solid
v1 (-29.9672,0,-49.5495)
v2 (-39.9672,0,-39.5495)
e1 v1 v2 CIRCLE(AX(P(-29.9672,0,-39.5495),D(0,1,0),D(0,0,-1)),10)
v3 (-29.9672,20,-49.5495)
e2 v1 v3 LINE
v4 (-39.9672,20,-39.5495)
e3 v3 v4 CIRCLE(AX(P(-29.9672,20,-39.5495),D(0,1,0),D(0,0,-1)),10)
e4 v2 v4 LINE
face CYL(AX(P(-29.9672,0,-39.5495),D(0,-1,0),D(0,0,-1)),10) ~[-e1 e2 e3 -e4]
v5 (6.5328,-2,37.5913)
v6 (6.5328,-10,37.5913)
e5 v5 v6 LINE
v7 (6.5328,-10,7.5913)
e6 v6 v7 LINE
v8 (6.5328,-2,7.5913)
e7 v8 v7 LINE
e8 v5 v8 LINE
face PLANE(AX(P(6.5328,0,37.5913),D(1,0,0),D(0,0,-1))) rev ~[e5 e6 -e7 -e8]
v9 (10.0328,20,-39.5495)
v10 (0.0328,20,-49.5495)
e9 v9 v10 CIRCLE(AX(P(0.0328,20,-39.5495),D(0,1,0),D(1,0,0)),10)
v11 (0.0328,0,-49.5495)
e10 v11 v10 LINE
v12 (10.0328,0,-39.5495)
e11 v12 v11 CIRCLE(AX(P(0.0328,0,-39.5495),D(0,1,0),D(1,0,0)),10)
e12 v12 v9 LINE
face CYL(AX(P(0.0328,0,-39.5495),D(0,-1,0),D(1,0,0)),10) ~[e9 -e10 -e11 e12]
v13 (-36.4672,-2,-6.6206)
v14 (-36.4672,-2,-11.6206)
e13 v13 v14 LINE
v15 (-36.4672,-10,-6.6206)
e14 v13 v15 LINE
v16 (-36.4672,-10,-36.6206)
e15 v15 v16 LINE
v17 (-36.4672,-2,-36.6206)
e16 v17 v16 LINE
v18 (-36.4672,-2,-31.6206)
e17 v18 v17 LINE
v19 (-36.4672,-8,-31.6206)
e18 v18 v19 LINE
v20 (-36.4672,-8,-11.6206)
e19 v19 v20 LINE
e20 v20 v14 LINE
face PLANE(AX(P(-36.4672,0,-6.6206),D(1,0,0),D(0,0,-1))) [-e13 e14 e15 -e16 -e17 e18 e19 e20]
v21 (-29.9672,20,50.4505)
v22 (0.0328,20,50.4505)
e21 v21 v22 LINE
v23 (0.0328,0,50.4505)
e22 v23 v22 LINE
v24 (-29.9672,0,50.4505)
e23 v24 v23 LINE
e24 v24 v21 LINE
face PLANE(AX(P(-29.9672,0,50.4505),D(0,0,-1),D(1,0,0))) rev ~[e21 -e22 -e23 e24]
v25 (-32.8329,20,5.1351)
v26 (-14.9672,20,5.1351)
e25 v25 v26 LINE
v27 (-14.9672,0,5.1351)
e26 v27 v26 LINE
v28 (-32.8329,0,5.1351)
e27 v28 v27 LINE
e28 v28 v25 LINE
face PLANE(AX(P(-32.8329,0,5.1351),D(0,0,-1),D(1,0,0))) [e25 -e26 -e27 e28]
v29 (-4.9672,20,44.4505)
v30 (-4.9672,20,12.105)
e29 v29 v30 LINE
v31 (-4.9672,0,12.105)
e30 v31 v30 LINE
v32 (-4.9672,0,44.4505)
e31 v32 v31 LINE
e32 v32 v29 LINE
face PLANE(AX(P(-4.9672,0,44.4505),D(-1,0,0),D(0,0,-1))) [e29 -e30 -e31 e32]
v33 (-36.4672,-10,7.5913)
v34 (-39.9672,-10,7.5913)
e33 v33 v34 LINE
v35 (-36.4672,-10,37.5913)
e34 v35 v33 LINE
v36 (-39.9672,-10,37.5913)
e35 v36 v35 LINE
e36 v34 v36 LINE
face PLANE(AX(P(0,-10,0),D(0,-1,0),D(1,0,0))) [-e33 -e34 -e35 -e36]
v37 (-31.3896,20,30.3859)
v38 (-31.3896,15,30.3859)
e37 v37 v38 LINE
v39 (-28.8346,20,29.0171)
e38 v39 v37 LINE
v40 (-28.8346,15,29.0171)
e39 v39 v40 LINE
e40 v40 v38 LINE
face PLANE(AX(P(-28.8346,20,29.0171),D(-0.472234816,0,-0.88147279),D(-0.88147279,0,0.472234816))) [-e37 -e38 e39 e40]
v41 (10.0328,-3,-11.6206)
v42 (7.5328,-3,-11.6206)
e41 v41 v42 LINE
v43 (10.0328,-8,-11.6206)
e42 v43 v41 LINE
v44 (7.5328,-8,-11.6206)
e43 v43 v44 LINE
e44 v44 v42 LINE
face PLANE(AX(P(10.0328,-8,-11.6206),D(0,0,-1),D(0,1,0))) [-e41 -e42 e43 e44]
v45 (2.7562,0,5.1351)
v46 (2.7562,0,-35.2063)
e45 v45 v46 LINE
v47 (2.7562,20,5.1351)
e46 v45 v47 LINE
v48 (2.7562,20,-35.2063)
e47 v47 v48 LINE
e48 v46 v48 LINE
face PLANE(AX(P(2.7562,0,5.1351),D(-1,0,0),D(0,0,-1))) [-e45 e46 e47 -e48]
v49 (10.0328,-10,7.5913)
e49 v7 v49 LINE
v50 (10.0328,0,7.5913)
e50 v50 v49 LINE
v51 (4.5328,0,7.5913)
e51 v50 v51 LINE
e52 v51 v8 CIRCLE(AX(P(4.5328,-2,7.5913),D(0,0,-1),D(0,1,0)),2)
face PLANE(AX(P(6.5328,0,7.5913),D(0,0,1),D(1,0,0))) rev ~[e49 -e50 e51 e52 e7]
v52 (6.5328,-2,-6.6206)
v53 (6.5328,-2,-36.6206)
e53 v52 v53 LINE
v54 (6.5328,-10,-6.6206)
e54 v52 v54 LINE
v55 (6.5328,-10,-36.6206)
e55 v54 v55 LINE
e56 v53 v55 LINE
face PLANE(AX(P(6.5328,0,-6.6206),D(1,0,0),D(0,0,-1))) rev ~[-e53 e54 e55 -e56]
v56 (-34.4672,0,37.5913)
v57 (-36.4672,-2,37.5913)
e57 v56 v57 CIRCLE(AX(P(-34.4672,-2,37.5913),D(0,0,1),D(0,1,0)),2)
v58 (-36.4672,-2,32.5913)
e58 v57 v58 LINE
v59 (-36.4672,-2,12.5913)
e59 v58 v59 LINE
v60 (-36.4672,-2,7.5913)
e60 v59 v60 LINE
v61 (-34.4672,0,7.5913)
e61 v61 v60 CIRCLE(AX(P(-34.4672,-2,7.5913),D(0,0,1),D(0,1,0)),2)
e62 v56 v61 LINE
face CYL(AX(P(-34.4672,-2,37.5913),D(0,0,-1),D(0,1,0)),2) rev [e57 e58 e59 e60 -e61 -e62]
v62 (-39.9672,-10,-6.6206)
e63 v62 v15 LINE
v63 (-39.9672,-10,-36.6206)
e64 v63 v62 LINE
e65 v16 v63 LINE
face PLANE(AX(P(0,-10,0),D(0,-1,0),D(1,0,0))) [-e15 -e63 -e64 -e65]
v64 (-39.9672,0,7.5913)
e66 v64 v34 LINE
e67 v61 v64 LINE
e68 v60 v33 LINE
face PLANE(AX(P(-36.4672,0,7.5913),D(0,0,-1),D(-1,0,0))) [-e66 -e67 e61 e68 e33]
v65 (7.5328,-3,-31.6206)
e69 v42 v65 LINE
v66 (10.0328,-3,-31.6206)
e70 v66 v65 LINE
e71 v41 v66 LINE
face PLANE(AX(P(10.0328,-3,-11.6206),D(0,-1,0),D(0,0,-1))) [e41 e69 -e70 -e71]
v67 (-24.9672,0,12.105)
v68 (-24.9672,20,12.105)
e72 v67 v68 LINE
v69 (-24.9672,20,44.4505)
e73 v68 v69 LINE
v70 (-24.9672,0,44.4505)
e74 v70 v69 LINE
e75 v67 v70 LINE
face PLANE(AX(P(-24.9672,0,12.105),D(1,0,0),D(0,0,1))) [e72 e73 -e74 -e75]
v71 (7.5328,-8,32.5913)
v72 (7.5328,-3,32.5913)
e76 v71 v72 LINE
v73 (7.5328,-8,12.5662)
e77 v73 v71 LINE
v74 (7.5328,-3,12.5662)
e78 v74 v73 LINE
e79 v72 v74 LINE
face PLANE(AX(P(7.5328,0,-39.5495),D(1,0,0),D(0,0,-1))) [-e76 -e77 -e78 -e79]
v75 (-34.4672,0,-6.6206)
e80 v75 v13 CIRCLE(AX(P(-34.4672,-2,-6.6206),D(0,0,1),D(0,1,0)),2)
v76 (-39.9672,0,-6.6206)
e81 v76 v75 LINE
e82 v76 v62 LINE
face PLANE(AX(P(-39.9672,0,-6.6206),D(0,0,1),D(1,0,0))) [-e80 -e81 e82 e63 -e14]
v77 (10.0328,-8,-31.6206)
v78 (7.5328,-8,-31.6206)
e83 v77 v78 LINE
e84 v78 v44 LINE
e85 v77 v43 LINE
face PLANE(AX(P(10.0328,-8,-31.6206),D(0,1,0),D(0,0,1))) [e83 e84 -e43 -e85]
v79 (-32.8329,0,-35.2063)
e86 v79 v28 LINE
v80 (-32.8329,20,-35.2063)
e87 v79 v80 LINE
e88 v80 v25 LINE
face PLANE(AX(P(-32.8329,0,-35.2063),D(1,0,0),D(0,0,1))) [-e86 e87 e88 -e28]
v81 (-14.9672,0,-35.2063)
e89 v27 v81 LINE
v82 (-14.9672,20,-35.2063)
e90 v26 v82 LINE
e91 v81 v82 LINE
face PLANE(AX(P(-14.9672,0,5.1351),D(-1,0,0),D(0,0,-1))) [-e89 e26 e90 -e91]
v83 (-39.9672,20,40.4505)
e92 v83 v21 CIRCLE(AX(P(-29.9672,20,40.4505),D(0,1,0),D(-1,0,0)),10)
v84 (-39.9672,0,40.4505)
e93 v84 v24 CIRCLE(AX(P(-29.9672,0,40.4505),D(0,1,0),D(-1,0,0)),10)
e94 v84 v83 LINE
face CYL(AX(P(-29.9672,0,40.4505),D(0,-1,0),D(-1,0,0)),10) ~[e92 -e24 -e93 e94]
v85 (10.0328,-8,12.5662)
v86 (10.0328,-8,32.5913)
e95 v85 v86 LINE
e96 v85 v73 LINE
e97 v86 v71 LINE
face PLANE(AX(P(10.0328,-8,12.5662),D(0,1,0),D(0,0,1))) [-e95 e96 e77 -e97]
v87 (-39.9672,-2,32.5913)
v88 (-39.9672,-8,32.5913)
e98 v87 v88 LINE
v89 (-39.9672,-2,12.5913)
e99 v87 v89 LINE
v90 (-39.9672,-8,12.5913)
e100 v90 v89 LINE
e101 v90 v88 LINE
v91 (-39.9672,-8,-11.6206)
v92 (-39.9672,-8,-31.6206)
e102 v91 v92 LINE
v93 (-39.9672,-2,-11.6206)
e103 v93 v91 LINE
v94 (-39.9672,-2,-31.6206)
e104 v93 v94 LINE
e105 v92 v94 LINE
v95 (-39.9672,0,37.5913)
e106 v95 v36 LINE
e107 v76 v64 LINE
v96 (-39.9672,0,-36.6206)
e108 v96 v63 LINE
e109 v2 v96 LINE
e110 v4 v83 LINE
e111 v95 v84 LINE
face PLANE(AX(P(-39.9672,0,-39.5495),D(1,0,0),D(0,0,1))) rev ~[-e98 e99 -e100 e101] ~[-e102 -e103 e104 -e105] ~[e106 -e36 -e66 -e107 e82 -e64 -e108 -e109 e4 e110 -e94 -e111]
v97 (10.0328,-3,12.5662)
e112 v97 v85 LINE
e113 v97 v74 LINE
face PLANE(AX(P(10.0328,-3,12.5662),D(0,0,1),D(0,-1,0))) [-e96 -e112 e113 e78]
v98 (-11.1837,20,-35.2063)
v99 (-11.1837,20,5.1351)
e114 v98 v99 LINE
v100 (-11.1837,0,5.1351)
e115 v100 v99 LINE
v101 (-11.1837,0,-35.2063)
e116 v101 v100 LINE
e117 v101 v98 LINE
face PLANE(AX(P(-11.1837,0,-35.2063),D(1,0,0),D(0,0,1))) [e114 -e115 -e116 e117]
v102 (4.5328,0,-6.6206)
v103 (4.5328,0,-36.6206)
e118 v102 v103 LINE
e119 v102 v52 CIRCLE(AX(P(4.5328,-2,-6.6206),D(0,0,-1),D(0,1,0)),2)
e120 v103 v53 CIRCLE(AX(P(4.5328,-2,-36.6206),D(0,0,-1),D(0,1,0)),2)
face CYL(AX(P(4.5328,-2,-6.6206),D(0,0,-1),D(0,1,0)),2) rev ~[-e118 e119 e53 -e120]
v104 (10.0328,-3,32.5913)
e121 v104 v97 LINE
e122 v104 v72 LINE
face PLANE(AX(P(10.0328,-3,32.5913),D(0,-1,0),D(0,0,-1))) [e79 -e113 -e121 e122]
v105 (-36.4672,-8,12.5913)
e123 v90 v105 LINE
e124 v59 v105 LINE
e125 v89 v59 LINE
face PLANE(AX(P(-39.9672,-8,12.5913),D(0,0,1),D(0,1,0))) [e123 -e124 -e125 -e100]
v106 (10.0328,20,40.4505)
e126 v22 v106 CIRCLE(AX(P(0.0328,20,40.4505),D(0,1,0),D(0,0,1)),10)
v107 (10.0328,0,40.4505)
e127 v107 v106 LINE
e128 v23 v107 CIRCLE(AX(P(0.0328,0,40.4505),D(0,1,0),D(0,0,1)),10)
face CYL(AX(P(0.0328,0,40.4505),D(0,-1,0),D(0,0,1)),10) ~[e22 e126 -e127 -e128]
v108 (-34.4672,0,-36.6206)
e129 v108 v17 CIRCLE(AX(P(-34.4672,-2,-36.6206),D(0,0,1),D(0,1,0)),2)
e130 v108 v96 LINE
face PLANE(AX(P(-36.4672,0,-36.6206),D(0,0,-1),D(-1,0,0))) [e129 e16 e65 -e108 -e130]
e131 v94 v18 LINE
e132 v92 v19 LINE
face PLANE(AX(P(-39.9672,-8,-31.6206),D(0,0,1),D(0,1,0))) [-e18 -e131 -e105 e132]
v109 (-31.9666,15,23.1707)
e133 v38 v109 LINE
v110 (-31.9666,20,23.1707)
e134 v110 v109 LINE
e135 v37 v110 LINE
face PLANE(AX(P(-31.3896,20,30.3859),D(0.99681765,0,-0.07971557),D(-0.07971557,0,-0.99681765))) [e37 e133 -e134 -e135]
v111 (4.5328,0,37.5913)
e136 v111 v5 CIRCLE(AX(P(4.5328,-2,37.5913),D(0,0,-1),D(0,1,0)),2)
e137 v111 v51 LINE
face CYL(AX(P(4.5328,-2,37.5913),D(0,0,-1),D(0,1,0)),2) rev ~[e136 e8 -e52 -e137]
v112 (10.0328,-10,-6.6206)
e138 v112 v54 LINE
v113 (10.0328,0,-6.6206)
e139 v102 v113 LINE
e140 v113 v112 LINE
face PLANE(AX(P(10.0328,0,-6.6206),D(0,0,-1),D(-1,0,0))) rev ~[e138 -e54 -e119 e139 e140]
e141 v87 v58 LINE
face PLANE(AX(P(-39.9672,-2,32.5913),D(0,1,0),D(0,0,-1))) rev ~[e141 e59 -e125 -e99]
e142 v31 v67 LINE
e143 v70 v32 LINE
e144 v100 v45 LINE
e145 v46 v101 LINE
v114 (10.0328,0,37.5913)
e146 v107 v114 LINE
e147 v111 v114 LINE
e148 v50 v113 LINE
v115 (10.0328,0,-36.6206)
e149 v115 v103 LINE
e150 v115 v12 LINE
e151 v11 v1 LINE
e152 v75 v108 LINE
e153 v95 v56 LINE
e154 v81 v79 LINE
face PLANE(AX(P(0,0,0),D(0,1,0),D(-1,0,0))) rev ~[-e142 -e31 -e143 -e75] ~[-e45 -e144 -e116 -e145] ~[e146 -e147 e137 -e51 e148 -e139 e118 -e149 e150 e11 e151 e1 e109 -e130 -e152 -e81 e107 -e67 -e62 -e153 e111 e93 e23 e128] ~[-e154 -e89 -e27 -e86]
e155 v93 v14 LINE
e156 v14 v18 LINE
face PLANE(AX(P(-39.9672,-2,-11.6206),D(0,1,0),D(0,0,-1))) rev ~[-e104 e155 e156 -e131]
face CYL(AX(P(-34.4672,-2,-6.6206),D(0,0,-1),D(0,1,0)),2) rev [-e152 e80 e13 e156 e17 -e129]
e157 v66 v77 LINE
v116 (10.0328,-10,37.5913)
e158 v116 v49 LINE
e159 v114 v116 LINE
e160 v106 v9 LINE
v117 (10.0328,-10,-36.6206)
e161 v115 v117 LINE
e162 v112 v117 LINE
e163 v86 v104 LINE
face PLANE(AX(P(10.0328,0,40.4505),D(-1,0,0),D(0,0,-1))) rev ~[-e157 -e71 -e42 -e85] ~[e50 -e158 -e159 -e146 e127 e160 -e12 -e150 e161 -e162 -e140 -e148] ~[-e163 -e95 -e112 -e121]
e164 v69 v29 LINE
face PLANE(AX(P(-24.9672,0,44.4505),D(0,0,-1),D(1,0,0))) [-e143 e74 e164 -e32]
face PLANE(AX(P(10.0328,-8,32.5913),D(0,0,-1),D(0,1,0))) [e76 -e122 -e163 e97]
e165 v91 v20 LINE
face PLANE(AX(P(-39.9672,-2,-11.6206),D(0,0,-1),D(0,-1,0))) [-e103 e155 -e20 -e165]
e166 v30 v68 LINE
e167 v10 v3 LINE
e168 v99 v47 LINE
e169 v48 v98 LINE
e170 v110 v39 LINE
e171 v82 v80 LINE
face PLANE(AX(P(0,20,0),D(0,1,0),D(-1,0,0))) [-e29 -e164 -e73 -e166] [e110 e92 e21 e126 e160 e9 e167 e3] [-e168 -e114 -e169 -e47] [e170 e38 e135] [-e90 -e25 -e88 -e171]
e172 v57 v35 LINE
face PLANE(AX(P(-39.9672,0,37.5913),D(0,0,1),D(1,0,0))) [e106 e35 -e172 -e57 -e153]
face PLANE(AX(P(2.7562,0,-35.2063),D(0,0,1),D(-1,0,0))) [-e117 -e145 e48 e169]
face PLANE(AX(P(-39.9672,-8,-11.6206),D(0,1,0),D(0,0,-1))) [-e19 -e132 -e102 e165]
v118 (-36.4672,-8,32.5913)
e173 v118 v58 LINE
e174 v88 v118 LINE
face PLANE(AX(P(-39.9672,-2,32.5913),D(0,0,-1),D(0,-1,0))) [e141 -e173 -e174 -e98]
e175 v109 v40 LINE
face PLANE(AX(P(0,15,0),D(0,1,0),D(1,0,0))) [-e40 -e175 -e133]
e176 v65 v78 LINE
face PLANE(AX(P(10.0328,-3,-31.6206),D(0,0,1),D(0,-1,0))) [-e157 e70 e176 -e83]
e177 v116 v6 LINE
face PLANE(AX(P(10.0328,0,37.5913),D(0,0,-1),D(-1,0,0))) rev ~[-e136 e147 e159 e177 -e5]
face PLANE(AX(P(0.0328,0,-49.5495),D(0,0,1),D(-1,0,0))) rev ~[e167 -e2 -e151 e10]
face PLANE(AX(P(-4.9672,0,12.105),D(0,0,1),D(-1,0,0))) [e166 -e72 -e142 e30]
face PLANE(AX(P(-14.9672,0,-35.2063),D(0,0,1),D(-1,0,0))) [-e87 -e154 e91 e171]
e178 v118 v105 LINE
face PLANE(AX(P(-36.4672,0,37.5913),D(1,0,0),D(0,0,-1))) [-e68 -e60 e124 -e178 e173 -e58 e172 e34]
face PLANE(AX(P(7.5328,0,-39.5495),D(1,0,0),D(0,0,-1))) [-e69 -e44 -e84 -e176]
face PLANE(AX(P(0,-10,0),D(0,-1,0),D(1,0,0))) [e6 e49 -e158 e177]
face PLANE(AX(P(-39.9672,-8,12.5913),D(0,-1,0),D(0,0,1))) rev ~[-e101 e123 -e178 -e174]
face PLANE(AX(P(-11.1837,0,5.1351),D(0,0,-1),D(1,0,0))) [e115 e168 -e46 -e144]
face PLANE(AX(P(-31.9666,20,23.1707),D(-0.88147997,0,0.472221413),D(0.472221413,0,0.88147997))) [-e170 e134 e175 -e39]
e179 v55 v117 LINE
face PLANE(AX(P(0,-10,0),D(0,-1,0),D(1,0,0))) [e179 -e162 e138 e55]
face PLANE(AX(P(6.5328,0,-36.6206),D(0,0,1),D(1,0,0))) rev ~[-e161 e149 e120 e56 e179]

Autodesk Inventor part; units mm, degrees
ref_plane "YZ Plane" through (0, 0, 0) normal (1, 0, 0) x (0, 1, 0)
ref_plane "XZ Plane" through (0, 0, 0) normal (0, 1, 0) x (-1, 0, 0)
ref_plane "XY Plane" through (0, 0, 0) normal (0, 0, 1) x (1, 0, 0)
sketch "Sketch1" plane through (0, 0, 0) normal (0, 1, 0) x (-1, 0, 0)
  line L0 (29.9672, 50.4505) -> (-0.0328, 50.4505)
  line L1 (-10.0328, 40.4505) -> (-10.0328, -39.5495)
  line L2 (-0.0328, -49.5495) -> (29.9672, -49.5495)
  line L3 (39.9672, -39.5495) -> (39.9672, 40.4505)
  line L4 (24.9672, 44.4505) -> (4.9672, 44.4505)
  line L5 (4.9672, 44.4505) -> (4.9672, 12.105)
  line L6 (4.9672, 12.105) -> (24.9672, 12.105)
  line L7 (24.9672, 12.105) -> (24.9672, 44.4505)
  line L8 (32.8329, 5.1351) -> (14.9672, 5.1351)
  line L9 (14.9672, 5.1351) -> (14.9672, -35.2063)
  line L10 (14.9672, -35.2063) -> (32.8329, -35.2063)
  line L11 (32.8329, -35.2063) -> (32.8329, 5.1351)
  line L12 (11.1837, 5.1351) -> (-2.7562, 5.1351)
  line L13 (-2.7562, 5.1351) -> (-2.7562, -35.2063)
  line L14 (-2.7562, -35.2063) -> (11.1837, -35.2063)
  line L15 (11.1837, -35.2063) -> (11.1837, 5.1351)
  arc A0 (-0.0328, 50.4505) -> (-10.0328, 40.4505) centre (-0.0328, 40.4505) ccw
  arc A1 (39.9672, 40.4505) -> (29.9672, 50.4505) centre (29.9672, 40.4505) ccw
  arc A2 (29.9672, -49.5495) -> (39.9672, -39.5495) centre (29.9672, -39.5495) ccw
  arc A3 (-10.0328, -39.5495) -> (-0.0328, -49.5495) centre (-0.0328, -39.5495) ccw
  point P0 (0, 0)
  point P1 (39.9672, 50.4505)
  point P2 (-10.0328, -49.5495)
  point P3 (39.9672, -49.5495)
  dimension "d1" = 100
  dimension "d2" = 50
  dimension "d3" = 15
  dimension "d4" = 15
  dimension "d6" = 6
  dimension "d7" = 10
  dimension "d8" = 10
  dimension "d9" = 10
  dimension "d10" = 10
extrude "Extrusion1" add sketch "Sketch1" along normal blind 20
sketch "Sketch2" plane through (0, 0, 0) normal (0, -1, 0) x (1, 0, 0)
  line L0 (10.0328, 40.4505) -> (10.0328, -39.5495) projected
  line L1 (10.0328, 37.5913) -> (6.5328, 37.5913)
  line L2 (6.5328, 37.5913) -> (6.5328, 7.5913)
  line L3 (6.5328, 7.5913) -> (10.0328, 7.5913)
  line L4 (10.0328, 7.5913) -> (10.0328, 37.5913)
  line L5 (10.0328, -6.6206) -> (6.5328, -6.6206)
  line L6 (6.5328, -6.6206) -> (6.5328, -36.6206)
  line L7 (6.5328, -36.6206) -> (10.0328, -36.6206)
  line L8 (10.0328, -36.6206) -> (10.0328, -6.6206)
  arc A0 (10.0328, 40.4505) -> (0.0328, 50.4505) centre (0.0328, 40.4505) ccw projected
  arc A1 (0.0328, -49.5495) -> (10.0328, -39.5495) centre (0.0328, -39.5495) ccw projected
  line L9 (-39.9672, -39.5495) -> (-39.9672, 40.4505) projected
  line L10 (-39.9672, 37.5913) -> (-36.4672, 37.5913)
  line L11 (-36.4672, 37.5913) -> (-36.4672, 7.5913)
  line L12 (-36.4672, 7.5913) -> (-39.9672, 7.5913)
  line L13 (-39.9672, 7.5913) -> (-39.9672, 37.5913)
  line L14 (-39.9672, -6.6206) -> (-36.4672, -6.6206)
  line L15 (-36.4672, -6.6206) -> (-36.4672, -36.6206)
  line L16 (-36.4672, -36.6206) -> (-39.9672, -36.6206)
  line L17 (-39.9672, -36.6206) -> (-39.9672, -6.6206)
  point P0 (0, 0)
  point P1 (7.1038, 47.5215)
  point P2 (8.2828, 37.5913)
  point P3 (7.1038, -46.6206)
  point P4 (8.2828, 7.5913)
  point P5 (-34.5818, 22.0482)
  point P6 (-38.0818, -7.9518)
  point P7 (-37.5107, 76.1904)
  point P8 (-36.4672, -21.6206)
  point P9 (-39.9672, -21.6206)
  dimension "d13" = 3.5
  dimension "d14" = 3.5
  dimension "d15" = 10
  dimension "d16" = 10
  dimension "d17" = 30
  dimension "d18" = 30
  dimension "d22" = 3.5
  dimension "d23" = 3.5
extrude "Extrusion2" add sketch "Sketch2" along normal blind 10
fillet "Fillet1" radius 2 4 edges at (6.5328, 0, 22.5913) (6.5328, 0, -21.6206) (-36.4672, 0, 22.5913) (-36.4672, 0, -21.6206)
sketch "Sketch3" plane through (10.0328, 0, -39.5495) normal (1, 0, 0) x (0, 0, -1)
  line L0 (-72.1408, -3) -> (-52.1157, -3)
  line L1 (-52.1157, -3) -> (-52.1157, -8)
  line L2 (-52.1157, -8) -> (-72.1408, -8)
  line L3 (-72.1408, -8) -> (-72.1408, -3)
  line L4 (-77.1408, 0) -> (-77.1408, -10) projected
  line L5 (-47.1408, 0) -> (-47.1408, -10) projected
  line L6 (-77.1408, 0) -> (-47.1408, 0) projected
  line L7 (-27.9289, -3) -> (-7.9289, -3)
  line L8 (-7.9289, -3) -> (-7.9289, -8)
  line L9 (-7.9289, -8) -> (-27.9289, -8)
  line L10 (-27.9289, -8) -> (-27.9289, -3)
  line L11 (-32.9289, 0) -> (-32.9289, -10) projected
  line L12 (-2.9289, 0) -> (-2.9289, -10) projected
  point P0 (-39.5495, 0)
  point P1 (-77.1408, -5)
  point P2 (-52.1157, -5.5)
  point P3 (-47.1408, -5)
  point P4 (-32.9289, -5)
  point P5 (-27.9289, -5.5)
  point P6 (-2.9289, -5)
  point P7 (-7.9289, -5.5)
  dimension "d27" = 5
  dimension "d28" = 5
  dimension "d29" = 5
  dimension "d30" = 3
  dimension "d31" = 5
  dimension "d33" = 5
extrude "Extrusion3" cut sketch "Sketch3" against normal blind 2.5
sketch "Sketch4" plane through (0, 20, 0) normal (0, 1, 0) x (1, 0, 0)
  point P0 (0, 0)
sketch "Sketch5" plane through (0, 20, 0) normal (0, 1, 0) x (1, 0, 0)
  line L0 (-31.3896, -30.3859) -> (-31.9666, -23.1707)
  line L1 (-31.9666, -23.1707) -> (-28.8346, -29.0171)
  line L2 (-28.8346, -29.0171) -> (-31.3896, -30.3859)
  point P0 (0, 0)
extrude "Extrusion4" cut sketch "Sketch5" against normal blind 5
sketch "Sketch6" plane through (-39.9672, 0, 40.4505) normal (-1, 0, 0) x (0, 0, 1)
  line L0 (-47.0711, -2) -> (-77.0711, -2) projected
  line L1 (-72.0711, -2) -> (-52.0711, -2)
  line L2 (-52.0711, -2) -> (-52.0711, -8)
  line L3 (-52.0711, -8) -> (-72.0711, -8)
  line L4 (-72.0711, -8) -> (-72.0711, -2)
  line L5 (-47.0711, 0) -> (-47.0711, -10) projected
  line L6 (-77.0711, 0) -> (-77.0711, -10) projected
  line L7 (-47.0711, -10) -> (-77.0711, -10) projected
  line L8 (-2.8592, -2) -> (-32.8592, -2) projected
  line L9 (-27.8843, -8) -> (-7.8592, -8) projected
  line L10 (-27.8592, -2) -> (-7.8592, -2)
  line L11 (-7.8592, -2) -> (-7.8592, -8)
  line L12 (-7.8592, -8) -> (-27.8592, -8)
  line L13 (-27.8592, -8) -> (-27.8592, -2)
  line L14 (-32.8592, 0) -> (-32.8592, -10) projected
  point P0 (-40.4505, 0)
  point P1 (-47.0711, -5)
  point P2 (-77.0711, -5)
  point P3 (-32.8592, -5)
  point P4 (-27.8592, -5)
  point P5 (-7.8592, -2)
  dimension "d38" = 5
  dimension "d39" = 5
  dimension "d40" = 2
  dimension "d41" = 5
extrude "Extrusion5" cut sketch "Sketch6" against normal blind 5 contours L2 L3 L4 L0 | L11 L9 L13 L8
properties part number "Testing"
